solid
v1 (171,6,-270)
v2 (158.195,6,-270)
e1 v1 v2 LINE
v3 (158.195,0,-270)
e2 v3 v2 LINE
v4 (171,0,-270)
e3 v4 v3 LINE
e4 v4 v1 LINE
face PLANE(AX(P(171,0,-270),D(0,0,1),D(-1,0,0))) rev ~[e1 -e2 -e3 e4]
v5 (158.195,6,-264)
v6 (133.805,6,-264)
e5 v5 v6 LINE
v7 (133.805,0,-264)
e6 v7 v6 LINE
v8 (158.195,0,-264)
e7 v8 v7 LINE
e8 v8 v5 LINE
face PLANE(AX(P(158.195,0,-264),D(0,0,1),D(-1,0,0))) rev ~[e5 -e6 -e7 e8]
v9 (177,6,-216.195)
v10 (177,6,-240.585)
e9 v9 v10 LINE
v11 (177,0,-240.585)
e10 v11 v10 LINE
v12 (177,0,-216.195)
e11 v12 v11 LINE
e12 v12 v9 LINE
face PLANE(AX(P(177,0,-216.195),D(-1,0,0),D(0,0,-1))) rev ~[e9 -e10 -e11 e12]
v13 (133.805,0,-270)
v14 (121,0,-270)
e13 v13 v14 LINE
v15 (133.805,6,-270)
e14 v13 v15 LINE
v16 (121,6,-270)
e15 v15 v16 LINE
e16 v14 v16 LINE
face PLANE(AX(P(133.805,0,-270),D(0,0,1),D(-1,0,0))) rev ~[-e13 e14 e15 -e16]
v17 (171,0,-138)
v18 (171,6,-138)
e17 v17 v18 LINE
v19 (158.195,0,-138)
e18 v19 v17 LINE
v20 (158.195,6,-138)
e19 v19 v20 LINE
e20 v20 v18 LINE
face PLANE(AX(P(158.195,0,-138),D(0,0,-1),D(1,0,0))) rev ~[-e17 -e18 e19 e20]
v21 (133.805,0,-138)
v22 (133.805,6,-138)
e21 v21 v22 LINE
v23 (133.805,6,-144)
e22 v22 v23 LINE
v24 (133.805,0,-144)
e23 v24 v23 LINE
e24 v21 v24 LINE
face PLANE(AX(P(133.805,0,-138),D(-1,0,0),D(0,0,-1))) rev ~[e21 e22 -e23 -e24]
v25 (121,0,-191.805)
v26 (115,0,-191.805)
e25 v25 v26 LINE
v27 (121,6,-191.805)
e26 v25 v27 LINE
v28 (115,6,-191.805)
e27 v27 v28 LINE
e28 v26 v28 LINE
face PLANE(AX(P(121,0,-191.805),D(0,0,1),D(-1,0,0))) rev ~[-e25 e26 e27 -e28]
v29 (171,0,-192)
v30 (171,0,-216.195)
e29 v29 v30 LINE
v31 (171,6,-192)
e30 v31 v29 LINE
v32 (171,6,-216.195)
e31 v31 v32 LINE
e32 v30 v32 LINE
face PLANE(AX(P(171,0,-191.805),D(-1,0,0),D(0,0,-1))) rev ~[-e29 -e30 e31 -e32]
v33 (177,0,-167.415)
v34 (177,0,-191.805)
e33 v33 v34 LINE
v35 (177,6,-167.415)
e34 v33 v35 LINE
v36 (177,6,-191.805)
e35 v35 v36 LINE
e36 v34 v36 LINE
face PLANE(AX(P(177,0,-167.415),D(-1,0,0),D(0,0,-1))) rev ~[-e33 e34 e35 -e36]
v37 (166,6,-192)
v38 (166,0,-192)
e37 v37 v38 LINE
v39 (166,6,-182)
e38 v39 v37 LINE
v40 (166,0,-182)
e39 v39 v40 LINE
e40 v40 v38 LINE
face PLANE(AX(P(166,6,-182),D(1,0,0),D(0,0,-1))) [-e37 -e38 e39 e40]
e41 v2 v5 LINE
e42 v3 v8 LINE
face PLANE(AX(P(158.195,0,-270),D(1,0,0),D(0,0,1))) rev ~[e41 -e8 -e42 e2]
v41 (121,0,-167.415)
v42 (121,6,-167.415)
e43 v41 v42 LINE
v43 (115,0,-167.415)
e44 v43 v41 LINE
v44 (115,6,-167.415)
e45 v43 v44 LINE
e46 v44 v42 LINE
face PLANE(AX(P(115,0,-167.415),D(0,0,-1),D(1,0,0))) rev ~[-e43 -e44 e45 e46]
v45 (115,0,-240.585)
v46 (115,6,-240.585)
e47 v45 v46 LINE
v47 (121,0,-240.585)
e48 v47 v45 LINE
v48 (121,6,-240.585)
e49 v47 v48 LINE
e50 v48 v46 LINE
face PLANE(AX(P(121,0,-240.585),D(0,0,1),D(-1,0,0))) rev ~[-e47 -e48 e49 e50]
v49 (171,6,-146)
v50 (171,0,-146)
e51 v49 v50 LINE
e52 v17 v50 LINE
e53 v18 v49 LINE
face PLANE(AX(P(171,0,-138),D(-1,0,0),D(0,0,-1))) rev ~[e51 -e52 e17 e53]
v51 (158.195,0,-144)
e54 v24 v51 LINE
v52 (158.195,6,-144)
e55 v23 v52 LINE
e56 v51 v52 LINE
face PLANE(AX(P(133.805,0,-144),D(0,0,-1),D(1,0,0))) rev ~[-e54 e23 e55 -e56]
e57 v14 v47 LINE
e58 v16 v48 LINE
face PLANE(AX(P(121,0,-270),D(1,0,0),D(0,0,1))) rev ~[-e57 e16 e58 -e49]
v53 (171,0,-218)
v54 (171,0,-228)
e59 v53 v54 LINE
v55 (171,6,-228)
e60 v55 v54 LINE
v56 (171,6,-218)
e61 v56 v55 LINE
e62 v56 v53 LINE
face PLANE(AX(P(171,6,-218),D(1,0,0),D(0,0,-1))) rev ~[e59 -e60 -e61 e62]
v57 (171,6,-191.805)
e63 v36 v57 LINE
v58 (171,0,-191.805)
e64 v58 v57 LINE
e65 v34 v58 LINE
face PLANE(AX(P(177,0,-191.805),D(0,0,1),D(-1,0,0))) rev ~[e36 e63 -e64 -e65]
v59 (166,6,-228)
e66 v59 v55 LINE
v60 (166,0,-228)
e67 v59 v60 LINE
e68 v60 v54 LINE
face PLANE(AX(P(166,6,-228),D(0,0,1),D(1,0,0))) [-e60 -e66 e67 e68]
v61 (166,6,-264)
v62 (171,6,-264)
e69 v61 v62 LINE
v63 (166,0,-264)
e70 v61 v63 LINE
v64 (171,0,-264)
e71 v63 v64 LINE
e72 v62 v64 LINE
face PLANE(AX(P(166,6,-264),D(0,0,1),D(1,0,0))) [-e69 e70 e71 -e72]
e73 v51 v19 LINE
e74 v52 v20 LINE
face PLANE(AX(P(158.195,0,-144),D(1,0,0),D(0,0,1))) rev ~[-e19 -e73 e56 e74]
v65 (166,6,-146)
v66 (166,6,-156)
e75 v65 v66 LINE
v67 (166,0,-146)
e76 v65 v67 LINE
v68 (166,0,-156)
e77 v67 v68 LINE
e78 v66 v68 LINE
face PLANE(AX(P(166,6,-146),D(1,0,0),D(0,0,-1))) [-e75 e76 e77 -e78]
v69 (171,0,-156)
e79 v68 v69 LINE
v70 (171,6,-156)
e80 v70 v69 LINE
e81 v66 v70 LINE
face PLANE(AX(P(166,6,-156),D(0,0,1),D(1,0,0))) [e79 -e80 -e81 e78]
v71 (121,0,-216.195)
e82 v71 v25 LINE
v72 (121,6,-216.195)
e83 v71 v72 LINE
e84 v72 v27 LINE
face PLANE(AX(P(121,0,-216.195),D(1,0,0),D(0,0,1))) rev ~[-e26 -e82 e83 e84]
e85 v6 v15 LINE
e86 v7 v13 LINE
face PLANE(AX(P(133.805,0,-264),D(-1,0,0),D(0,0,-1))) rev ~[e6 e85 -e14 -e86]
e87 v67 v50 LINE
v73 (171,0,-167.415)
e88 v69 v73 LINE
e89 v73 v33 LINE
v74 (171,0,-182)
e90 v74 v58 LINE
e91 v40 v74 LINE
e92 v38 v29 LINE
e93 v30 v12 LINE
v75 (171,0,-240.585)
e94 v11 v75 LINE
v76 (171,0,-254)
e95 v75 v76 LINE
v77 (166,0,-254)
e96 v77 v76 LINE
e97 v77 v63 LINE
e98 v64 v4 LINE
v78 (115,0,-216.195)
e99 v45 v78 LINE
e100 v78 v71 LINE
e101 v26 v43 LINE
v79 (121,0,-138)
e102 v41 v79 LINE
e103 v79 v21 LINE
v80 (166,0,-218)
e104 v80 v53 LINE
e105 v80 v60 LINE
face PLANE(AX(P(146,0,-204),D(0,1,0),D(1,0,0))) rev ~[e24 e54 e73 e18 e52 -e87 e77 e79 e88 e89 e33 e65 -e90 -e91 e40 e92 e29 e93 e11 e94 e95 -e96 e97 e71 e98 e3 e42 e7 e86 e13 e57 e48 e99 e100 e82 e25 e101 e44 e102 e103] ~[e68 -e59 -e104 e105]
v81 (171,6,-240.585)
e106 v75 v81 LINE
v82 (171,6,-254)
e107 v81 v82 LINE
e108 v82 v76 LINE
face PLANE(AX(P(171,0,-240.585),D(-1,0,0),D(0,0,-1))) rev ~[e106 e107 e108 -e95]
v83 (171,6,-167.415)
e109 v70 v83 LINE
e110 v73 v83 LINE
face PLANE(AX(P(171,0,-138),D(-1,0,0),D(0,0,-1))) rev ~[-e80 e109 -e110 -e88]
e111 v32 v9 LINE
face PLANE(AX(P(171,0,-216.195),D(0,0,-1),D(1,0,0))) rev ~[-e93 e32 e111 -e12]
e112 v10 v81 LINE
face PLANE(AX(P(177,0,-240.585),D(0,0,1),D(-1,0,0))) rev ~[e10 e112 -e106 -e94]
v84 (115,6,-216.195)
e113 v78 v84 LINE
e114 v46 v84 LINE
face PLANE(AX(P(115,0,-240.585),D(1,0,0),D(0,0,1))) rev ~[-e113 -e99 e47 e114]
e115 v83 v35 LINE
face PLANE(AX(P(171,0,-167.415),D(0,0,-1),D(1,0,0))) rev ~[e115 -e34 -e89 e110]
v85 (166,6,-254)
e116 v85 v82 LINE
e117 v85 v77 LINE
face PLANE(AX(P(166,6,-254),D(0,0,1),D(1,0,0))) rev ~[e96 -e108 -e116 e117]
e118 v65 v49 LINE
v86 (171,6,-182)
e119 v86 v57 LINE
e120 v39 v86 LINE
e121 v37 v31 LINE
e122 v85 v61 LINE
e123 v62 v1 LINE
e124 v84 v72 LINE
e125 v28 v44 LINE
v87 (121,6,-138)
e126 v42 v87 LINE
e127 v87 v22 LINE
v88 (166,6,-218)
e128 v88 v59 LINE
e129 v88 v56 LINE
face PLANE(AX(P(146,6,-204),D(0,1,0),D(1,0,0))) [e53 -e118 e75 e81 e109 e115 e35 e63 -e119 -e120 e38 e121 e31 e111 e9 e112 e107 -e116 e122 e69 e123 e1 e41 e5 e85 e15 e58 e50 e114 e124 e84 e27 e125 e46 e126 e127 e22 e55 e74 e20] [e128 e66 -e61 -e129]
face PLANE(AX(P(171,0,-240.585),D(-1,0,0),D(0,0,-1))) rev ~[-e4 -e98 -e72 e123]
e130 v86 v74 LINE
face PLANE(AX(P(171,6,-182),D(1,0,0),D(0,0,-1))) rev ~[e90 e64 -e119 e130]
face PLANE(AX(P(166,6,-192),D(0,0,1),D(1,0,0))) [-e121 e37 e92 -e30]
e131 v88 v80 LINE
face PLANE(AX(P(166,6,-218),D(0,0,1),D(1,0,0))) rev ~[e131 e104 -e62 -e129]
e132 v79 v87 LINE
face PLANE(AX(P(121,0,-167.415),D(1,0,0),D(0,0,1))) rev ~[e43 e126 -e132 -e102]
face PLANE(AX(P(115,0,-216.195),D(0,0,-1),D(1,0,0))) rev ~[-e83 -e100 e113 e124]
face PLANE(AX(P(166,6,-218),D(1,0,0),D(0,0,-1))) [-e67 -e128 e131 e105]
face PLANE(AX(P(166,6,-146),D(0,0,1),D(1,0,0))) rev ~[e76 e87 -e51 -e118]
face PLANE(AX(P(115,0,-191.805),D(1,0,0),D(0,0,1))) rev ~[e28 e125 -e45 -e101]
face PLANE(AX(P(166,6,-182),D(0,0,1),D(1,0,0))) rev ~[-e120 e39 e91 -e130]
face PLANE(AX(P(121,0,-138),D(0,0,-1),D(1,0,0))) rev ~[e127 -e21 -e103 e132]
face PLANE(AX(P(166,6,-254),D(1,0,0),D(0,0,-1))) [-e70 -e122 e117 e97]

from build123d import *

# Parameters (mm, degrees)
BOSS_EXTRUDE1_DEPTH = 6
SKETCH3_W           = 5
SKETCH3_H           = 10
CUT_EXTRUDE2_DEPTH  = 10


with BuildPart() as part:
    # Sketch2 → Boss-Extrude1 (new body)
    with BuildSketch(Plane(origin=(0, 0, 0), x_dir=(1, 0, 0), z_dir=(0, 1, 0))):
        Polygon((121, 270), (121, 240.585), (115, 240.585), (115, 216.195), (121, 216.195), (121, 191.805), (115, 191.805), (115, 167.415), (121, 167.415), (121, 143.025), (121, 138), (133.805, 138), (133.805, 144), (158.195, 144), (158.195, 138), (171, 138), (171, 167.415), (177, 167.415), (177, 191.805), (171, 191.805), (171, 216.195), (177, 216.195), (177, 240.585), (171, 240.585), (171, 264.975), (171, 270), (158.195, 270), (158.195, 264), (133.805, 264), (133.805, 270), align=None)
    extrude(amount=BOSS_EXTRUDE1_DEPTH)

    # Sketch3 → Cut-Extrude2 (cut)
    with BuildSketch(Plane(origin=(0, 6, 0), x_dir=(1, 0, 0), z_dir=(0, 1, 0))):
        with Locations((168.5, 259)):
            Rectangle(SKETCH3_W, SKETCH3_H)
        with Locations((168.5, 223)):
            Rectangle(SKETCH3_W, SKETCH3_H)
        with Locations((168.5, 187)):
            Rectangle(SKETCH3_W, SKETCH3_H)
        with Locations((168.5, 151)):
            Rectangle(SKETCH3_W, SKETCH3_H)
    extrude(amount=-CUT_EXTRUDE2_DEPTH, mode=Mode.SUBTRACT)


solid = part.part
